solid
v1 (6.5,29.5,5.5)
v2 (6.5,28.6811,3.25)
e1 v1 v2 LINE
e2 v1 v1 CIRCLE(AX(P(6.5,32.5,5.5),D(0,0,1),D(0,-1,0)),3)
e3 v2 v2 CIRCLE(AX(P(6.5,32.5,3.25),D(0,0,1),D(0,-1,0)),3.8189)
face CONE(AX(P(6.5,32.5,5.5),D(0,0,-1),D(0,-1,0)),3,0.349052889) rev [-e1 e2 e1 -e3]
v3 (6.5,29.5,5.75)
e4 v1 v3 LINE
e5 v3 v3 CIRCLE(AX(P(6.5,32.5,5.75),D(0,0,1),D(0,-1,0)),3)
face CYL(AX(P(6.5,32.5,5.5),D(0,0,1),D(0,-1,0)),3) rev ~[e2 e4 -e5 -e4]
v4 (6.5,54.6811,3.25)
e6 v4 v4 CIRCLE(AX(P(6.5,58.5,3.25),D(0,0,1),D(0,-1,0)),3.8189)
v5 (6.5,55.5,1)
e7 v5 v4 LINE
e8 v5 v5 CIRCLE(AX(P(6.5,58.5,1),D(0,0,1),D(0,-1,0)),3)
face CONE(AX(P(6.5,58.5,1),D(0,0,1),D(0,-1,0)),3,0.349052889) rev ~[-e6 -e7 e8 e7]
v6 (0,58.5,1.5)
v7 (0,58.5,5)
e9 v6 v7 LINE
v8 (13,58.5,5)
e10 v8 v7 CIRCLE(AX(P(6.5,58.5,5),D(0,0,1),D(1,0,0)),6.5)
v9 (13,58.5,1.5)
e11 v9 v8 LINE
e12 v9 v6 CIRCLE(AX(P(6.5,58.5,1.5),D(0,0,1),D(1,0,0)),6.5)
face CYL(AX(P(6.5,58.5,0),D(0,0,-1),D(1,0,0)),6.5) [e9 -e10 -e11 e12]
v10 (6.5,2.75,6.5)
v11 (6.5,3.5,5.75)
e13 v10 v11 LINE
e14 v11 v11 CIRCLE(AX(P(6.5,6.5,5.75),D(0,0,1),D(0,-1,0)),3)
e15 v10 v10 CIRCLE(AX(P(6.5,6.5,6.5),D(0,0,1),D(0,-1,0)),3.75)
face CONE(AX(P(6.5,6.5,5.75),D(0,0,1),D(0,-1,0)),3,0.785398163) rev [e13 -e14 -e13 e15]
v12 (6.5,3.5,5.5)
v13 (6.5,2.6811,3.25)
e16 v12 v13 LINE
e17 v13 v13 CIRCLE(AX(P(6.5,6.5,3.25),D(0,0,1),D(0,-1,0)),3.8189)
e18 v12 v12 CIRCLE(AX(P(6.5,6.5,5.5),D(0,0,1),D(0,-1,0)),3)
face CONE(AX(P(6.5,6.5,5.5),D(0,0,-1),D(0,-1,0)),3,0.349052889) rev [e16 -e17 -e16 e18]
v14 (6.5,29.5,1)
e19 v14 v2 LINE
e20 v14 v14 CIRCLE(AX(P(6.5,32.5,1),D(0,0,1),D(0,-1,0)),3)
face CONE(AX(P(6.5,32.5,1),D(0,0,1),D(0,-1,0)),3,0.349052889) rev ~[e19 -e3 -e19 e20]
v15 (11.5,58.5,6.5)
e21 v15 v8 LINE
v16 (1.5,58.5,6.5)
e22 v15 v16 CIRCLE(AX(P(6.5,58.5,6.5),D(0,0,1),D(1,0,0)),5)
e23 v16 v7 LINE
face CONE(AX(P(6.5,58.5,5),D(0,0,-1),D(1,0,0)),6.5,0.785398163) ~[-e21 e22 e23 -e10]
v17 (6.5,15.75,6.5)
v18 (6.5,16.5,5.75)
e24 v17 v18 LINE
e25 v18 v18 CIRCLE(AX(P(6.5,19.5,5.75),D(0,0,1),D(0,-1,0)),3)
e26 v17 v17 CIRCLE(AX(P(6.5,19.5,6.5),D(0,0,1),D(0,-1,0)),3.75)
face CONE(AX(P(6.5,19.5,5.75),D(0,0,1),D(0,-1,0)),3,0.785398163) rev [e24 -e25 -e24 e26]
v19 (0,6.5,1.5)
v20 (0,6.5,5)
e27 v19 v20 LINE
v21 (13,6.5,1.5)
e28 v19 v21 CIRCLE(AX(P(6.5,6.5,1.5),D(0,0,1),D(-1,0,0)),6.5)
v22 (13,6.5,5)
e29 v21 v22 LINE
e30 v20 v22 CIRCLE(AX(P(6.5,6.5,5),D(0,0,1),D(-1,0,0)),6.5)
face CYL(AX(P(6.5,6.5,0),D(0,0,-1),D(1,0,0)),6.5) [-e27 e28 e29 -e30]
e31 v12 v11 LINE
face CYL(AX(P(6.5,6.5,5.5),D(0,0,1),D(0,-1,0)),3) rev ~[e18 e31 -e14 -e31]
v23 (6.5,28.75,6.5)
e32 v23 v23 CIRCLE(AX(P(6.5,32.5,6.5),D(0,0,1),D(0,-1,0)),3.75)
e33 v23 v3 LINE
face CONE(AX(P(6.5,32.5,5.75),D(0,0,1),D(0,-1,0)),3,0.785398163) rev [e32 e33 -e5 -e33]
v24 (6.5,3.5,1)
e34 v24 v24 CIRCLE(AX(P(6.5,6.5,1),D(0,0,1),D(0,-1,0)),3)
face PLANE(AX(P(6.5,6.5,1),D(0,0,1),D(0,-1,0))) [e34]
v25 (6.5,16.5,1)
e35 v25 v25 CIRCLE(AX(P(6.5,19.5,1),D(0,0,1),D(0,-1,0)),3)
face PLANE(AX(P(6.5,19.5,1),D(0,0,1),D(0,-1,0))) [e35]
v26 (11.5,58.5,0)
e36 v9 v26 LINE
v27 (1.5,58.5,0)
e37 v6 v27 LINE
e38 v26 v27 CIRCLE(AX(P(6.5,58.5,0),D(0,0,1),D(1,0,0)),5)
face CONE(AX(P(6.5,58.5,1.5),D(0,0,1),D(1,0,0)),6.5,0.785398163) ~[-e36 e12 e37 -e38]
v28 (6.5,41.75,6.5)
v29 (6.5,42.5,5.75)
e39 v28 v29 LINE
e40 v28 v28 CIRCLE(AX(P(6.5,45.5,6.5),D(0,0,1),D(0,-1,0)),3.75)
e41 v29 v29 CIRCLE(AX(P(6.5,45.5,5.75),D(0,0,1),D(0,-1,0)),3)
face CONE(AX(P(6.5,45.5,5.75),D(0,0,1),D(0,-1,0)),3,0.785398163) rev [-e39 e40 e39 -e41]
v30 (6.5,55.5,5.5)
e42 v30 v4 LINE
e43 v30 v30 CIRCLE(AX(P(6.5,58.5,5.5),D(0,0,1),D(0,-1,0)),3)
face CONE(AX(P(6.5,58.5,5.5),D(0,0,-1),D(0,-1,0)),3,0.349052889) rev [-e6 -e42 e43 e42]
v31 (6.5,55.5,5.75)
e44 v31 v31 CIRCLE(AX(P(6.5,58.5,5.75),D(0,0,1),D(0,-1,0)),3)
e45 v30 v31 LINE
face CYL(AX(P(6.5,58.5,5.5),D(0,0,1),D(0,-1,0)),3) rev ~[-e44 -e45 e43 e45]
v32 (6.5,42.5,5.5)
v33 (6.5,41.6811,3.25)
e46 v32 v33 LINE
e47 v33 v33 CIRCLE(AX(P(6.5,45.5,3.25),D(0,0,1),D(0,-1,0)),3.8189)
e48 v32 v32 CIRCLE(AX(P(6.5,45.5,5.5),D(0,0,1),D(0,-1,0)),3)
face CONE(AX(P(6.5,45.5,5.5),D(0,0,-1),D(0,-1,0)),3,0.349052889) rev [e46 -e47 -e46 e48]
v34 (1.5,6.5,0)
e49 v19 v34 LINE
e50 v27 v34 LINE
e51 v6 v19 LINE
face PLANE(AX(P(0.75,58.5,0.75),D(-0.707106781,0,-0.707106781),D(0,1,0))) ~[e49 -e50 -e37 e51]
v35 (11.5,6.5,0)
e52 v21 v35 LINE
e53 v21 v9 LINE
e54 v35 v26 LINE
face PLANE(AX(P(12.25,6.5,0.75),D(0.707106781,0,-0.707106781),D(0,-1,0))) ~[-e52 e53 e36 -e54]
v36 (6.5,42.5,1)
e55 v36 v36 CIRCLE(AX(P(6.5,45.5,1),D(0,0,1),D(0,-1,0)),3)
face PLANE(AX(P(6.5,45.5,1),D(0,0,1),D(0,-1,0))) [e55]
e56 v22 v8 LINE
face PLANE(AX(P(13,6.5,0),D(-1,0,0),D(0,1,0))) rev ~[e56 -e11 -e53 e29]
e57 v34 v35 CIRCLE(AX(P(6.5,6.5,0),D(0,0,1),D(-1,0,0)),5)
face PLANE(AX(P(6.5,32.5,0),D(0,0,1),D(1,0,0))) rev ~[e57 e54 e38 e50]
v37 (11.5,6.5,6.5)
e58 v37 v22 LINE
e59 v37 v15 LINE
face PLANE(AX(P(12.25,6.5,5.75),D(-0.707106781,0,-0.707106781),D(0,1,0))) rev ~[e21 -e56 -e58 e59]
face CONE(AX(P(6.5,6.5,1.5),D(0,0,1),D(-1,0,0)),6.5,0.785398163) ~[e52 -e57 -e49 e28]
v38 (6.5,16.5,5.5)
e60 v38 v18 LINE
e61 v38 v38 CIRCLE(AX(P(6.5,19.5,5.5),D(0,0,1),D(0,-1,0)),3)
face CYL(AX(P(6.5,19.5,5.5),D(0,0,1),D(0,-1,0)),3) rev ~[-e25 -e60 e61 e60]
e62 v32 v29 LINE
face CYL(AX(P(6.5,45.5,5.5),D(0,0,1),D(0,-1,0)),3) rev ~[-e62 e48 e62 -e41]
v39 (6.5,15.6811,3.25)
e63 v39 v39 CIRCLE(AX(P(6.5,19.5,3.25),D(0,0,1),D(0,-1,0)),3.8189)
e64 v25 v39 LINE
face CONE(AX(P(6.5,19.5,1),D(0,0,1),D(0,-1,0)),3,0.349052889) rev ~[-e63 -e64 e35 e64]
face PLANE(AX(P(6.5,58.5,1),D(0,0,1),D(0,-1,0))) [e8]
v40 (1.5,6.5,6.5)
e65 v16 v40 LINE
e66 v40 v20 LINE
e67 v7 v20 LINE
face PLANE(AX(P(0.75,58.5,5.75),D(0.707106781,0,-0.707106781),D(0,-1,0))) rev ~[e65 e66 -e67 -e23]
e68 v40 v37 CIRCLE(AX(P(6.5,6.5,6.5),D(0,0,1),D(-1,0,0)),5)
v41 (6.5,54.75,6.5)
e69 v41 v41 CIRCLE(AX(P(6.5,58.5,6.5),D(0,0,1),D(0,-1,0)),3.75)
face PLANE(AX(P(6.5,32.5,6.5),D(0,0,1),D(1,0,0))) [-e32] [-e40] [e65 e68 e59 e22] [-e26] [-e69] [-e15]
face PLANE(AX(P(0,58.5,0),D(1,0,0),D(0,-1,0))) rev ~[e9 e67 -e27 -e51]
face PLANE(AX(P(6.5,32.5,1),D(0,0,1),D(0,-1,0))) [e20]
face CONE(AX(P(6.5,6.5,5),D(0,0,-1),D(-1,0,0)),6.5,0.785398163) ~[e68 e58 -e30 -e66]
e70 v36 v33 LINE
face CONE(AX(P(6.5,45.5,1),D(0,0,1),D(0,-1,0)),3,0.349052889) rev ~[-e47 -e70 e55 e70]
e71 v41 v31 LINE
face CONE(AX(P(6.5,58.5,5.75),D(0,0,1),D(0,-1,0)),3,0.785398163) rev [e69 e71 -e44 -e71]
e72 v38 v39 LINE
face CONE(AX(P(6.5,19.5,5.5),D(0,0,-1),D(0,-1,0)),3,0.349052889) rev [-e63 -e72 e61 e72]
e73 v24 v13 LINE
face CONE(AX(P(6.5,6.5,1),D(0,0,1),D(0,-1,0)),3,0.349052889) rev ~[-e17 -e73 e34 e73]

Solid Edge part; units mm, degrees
sketch "Sketch1" plane through (0, 0, 0) normal (0, 0, 1) x (1, 0, 0)
  line L0 (0, 58.5) -> (0, 6.5)
  line L1 (13, 6.5) -> (13, 58.5)
  arc A0 (13, 6.5) -> (0, 6.5) centre (6.5, 6.5) cw
  arc A1 (0, 58.5) -> (13, 58.5) centre (6.5, 58.5) cw
extrude "Protrusion1" add sketch "Sketch1" along normal blind 6.5
sketch "Sketch2" plane through (6.5, 0, 0) normal (1, 0, 0) x (0, 1, 0)
  line L0 (3.5, 5.5) -> (3.5, 6.5)
  line L1 (3.5, 6.5) -> (6.5, 6.5)
  line L2 (6.5, 1) -> (6.5, 6.5)
  line L3 (3.5, 1) -> (6.5, 1)
  line L4 (3.5, 1) -> (2.6811, 3.25)
  line L5 (3.5, 5.5) -> (2.6811, 3.25)
revolve "RevolvedCutout1" cut sketch "Sketch2" angle 360 about axis through (6.5, 6.5, 1) along (0, 0, 1)
chamfer "Chaflán_38" distance 0.75 angle 45 1 edges at (6.5, 3.5, 6.5)
pattern_linear "Pattern1" count 5 spacing 13 along (0, 1, 0) of "RevolvedCutout1", "Chaflán_38"
chamfer "Chaflán_39" distance 1.5 angle 45 8 edges at (13, 32.5, 6.5) (6.5, 0, 6.5) (0, 32.5, 6.5) (6.5, 65, 6.5) (13, 32.5, 0) (6.5, 0, 0) (0, 32.5, 0) (6.5, 65, 0)
